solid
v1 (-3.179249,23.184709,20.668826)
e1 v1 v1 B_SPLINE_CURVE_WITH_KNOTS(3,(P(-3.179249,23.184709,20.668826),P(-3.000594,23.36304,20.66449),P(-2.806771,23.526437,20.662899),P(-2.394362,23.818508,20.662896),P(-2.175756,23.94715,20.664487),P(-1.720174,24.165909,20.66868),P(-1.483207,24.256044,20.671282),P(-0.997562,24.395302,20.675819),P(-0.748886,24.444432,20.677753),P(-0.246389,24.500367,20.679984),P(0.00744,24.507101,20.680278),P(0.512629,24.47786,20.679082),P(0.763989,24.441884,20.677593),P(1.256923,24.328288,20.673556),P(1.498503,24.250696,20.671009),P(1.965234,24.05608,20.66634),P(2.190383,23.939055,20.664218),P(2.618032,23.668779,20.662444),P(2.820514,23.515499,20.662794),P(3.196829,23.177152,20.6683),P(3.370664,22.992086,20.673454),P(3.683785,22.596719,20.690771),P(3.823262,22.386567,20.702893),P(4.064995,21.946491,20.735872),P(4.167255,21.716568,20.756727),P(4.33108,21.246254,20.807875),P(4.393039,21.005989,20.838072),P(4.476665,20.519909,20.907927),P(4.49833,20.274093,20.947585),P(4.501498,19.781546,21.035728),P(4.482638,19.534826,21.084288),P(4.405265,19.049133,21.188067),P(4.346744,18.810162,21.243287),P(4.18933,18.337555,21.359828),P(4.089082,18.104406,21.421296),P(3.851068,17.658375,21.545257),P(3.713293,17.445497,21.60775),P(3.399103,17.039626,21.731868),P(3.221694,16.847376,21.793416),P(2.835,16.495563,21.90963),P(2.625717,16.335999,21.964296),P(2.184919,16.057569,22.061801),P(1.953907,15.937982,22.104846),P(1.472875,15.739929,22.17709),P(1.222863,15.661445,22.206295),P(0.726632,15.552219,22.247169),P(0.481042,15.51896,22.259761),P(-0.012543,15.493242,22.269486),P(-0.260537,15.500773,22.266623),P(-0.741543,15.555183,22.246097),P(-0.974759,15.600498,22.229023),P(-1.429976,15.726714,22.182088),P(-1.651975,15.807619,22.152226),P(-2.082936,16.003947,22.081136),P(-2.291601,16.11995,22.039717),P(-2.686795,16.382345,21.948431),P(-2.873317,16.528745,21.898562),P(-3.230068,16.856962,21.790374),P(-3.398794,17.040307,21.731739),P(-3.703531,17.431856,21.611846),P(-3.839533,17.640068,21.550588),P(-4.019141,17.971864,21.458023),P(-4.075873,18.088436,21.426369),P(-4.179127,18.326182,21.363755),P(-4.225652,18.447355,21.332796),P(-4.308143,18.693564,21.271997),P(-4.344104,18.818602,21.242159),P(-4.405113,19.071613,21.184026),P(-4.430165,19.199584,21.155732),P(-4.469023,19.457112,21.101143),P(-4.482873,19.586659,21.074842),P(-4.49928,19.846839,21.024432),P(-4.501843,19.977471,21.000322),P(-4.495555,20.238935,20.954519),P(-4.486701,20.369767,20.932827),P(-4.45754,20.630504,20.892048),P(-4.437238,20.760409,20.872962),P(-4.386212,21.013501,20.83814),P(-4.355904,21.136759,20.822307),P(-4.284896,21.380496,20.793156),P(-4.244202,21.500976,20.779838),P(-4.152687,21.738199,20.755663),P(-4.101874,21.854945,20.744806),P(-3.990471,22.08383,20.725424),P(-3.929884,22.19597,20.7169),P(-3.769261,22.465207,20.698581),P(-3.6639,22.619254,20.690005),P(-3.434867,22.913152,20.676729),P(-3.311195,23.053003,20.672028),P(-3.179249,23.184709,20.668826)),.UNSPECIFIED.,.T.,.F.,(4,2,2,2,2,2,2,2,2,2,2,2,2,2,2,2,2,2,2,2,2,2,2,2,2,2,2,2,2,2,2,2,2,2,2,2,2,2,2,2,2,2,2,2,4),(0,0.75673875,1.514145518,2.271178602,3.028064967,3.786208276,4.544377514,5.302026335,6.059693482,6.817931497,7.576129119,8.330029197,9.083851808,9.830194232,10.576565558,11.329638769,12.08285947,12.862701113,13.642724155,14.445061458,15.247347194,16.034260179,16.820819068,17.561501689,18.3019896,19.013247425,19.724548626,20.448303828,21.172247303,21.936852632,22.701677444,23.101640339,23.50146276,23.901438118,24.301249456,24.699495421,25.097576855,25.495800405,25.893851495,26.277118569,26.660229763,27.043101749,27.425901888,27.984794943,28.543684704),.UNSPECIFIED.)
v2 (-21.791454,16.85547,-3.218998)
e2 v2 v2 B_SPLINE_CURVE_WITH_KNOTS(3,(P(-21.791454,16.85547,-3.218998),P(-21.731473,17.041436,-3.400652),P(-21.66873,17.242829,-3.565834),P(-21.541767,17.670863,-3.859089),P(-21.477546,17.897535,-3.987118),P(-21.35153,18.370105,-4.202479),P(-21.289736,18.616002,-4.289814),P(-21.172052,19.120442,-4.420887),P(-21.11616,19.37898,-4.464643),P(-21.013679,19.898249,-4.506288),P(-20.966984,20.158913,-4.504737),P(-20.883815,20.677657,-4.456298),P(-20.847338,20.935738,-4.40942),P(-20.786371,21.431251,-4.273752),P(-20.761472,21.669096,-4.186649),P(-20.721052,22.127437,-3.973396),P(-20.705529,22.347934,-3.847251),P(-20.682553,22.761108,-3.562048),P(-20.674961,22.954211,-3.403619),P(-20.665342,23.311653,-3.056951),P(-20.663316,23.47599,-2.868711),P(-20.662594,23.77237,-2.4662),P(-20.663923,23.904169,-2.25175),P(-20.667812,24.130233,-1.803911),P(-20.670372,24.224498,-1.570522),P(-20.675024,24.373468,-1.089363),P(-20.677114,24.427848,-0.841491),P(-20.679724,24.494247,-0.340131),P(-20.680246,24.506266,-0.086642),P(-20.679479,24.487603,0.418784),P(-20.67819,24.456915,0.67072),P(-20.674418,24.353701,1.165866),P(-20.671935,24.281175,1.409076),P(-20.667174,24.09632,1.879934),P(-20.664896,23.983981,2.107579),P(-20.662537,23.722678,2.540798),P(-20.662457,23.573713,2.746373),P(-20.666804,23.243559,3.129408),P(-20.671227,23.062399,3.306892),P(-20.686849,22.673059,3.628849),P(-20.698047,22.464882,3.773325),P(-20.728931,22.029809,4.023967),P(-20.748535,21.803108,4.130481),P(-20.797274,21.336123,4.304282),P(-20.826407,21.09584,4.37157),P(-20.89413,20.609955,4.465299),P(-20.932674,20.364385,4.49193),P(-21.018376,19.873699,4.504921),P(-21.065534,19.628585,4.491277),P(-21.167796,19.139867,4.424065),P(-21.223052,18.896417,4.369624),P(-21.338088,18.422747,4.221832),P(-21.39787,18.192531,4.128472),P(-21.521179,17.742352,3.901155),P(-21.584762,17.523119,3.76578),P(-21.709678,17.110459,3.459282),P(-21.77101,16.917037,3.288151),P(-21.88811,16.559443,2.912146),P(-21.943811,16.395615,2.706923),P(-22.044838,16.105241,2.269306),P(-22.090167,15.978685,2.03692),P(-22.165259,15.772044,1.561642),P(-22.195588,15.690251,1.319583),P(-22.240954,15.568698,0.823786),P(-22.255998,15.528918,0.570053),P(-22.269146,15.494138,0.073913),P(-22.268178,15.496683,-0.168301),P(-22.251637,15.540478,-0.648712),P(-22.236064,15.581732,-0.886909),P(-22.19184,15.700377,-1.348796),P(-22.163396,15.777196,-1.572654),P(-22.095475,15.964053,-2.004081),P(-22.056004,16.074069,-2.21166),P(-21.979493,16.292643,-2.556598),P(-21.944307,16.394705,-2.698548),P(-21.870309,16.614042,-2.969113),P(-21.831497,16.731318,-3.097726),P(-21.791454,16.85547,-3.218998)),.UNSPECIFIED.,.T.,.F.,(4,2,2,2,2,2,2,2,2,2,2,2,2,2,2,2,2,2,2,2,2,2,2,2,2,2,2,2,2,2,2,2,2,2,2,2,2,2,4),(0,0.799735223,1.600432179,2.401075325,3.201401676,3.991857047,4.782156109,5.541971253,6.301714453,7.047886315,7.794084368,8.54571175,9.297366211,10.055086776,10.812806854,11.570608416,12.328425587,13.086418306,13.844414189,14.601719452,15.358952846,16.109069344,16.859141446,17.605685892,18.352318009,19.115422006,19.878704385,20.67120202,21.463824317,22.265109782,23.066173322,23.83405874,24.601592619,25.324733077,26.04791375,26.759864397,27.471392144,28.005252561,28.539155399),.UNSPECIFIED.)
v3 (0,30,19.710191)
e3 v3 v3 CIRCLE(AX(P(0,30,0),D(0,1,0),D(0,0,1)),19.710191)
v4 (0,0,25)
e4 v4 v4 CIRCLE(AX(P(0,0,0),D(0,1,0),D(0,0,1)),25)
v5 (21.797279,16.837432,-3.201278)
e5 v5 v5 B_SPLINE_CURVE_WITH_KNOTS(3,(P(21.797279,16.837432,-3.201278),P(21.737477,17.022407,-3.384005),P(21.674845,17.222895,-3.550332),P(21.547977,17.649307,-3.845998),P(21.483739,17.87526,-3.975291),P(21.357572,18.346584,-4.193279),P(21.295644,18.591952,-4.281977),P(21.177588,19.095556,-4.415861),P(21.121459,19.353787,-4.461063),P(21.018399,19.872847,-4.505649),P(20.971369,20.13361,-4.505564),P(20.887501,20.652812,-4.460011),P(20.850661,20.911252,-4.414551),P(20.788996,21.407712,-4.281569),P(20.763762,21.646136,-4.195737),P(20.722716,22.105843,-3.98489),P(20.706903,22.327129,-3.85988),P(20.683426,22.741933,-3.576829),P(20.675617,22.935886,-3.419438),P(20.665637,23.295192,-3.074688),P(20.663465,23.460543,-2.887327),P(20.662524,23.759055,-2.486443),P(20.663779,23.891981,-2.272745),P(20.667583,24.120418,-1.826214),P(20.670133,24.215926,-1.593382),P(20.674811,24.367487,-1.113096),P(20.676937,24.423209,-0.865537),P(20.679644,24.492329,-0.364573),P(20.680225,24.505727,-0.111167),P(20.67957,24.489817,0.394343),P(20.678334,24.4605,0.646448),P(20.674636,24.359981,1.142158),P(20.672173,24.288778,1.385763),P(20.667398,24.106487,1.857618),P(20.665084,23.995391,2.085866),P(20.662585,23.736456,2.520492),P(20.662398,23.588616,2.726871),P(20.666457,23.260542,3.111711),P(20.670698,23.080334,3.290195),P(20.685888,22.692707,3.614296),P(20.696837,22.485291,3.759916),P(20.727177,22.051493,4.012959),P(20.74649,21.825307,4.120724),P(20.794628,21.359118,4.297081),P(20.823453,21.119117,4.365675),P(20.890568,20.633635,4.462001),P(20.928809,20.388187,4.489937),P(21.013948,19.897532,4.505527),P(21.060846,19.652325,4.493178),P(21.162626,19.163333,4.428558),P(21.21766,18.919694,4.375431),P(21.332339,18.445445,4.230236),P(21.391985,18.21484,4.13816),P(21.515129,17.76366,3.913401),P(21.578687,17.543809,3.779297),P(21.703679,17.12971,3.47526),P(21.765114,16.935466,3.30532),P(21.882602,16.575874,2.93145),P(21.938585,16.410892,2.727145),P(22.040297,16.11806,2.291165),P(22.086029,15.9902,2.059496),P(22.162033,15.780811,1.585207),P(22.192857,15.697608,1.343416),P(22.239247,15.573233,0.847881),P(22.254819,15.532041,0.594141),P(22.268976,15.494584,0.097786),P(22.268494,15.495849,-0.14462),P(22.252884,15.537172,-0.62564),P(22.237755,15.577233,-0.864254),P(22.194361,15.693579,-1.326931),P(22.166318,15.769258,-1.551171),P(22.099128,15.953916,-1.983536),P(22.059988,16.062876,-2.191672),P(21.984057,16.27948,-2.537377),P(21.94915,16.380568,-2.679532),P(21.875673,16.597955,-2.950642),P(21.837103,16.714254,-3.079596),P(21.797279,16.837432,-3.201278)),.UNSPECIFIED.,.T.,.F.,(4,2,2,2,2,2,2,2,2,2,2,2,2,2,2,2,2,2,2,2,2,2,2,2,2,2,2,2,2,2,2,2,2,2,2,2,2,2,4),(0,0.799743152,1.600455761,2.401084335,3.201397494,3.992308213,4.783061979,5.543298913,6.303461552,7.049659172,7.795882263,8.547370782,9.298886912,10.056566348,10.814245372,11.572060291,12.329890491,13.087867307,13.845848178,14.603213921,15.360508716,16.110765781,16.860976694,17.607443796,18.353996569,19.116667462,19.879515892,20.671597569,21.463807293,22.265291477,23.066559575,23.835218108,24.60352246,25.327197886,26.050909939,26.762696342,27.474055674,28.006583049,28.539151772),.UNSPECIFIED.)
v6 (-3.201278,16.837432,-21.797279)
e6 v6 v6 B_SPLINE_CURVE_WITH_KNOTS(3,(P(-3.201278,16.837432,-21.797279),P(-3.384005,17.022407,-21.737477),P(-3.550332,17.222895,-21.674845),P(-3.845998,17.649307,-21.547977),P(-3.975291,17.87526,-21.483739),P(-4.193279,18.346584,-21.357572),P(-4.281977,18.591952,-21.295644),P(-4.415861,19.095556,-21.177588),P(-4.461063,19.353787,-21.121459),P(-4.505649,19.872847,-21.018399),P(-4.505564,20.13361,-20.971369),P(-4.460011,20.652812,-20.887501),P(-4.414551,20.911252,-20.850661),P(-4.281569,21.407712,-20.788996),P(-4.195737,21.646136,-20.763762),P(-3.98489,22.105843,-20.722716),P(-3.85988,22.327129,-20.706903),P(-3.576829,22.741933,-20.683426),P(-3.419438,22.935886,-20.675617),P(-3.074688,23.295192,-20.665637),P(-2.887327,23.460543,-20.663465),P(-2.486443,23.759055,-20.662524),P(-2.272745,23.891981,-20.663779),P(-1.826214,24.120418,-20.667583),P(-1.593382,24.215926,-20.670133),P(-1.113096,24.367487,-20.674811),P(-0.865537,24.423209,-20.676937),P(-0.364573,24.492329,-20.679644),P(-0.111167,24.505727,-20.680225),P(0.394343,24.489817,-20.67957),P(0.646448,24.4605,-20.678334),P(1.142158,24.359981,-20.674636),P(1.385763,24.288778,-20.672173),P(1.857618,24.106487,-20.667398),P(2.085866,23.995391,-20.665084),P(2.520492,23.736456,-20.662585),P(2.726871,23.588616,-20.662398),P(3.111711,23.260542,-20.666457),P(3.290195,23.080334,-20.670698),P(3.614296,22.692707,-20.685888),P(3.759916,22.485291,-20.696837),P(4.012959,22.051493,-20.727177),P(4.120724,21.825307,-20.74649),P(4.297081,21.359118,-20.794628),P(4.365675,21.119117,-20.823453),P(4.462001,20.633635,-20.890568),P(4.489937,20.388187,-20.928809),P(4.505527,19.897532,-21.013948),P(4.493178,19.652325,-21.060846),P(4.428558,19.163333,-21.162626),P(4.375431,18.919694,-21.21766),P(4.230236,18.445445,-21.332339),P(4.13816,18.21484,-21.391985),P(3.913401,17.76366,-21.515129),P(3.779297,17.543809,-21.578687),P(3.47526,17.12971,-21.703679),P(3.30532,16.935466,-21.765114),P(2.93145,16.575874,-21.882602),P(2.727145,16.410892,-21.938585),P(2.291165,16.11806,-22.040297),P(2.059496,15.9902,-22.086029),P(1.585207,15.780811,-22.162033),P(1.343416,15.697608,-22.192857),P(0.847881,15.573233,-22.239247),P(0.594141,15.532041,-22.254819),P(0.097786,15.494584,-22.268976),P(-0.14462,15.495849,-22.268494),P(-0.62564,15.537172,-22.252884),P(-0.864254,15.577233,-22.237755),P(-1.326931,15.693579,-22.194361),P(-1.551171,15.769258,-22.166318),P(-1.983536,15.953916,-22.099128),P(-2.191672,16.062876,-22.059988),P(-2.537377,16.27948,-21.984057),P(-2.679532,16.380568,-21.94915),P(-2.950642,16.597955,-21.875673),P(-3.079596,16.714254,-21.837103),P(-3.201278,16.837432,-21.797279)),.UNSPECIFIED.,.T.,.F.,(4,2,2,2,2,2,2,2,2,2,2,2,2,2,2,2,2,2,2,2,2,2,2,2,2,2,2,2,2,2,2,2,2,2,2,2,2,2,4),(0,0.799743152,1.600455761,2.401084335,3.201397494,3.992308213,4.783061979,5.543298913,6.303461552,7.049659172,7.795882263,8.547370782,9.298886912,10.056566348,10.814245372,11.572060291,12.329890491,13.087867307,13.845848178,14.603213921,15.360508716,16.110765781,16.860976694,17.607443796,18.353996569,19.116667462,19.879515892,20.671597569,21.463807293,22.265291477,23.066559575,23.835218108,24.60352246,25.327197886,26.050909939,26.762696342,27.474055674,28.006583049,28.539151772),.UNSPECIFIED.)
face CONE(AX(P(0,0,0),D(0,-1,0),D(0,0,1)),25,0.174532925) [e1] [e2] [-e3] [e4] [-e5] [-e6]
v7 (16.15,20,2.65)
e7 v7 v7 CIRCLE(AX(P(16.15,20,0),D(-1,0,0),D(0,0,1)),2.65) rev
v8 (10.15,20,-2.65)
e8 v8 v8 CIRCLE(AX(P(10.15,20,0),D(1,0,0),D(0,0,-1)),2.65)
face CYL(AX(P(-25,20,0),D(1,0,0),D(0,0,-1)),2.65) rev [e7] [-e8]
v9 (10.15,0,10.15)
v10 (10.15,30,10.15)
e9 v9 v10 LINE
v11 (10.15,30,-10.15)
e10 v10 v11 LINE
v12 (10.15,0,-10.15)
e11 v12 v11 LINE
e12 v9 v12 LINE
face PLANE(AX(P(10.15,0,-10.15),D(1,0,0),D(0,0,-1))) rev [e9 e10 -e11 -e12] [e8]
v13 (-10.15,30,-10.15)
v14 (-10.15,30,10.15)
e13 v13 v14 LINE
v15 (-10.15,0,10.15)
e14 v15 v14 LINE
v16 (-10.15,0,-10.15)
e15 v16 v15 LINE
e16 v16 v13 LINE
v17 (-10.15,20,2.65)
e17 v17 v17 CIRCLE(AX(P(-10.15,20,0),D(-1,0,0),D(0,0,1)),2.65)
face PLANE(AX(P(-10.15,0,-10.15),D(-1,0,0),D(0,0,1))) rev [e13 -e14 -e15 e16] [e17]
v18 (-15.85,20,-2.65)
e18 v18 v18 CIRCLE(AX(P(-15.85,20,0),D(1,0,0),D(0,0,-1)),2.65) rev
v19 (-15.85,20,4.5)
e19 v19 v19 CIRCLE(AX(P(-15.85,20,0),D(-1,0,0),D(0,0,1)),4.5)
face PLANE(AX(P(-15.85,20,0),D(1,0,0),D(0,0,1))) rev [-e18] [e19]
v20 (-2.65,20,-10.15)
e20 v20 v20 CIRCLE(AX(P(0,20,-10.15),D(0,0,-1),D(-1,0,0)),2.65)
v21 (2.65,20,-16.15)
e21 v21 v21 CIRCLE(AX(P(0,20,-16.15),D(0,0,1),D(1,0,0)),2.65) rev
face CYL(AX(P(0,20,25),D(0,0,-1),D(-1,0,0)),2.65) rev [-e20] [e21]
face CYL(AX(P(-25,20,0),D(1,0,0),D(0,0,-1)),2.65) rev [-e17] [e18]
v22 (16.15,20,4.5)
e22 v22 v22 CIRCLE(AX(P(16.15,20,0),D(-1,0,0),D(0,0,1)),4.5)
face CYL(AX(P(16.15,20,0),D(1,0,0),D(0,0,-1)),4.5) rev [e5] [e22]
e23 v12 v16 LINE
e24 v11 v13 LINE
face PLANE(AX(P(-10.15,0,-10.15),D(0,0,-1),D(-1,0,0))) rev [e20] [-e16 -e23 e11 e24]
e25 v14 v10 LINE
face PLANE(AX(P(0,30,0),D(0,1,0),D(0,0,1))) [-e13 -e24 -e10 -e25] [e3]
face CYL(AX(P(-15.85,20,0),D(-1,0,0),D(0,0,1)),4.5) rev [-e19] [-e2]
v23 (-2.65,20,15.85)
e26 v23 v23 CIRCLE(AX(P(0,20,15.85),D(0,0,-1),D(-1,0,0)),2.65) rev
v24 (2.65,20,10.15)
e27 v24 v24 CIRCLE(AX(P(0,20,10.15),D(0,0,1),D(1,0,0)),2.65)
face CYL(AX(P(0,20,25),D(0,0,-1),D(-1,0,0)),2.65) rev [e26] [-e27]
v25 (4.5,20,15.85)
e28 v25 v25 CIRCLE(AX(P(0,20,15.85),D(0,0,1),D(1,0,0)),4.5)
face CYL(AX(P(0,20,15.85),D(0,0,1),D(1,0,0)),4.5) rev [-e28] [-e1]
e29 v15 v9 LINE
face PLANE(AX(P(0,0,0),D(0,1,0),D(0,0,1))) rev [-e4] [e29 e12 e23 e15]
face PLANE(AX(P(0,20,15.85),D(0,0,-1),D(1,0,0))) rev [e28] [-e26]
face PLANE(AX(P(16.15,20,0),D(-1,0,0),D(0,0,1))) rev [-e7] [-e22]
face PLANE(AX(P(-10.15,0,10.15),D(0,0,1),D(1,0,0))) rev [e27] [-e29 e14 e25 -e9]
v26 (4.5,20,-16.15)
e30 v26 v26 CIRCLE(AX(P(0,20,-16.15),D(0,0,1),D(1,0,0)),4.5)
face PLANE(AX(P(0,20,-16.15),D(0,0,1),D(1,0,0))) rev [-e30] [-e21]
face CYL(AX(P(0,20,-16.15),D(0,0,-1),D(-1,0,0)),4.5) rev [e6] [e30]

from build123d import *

# Parameters (mm, degrees)
SKETCH_1_R               = 25
EXTRUDE_1_DEPTH          = 30
EXTRUDE_1_TAPER          = 10
SKETCH_3_W               = 20.3
SKETCH_3_H               = 20.3
CUT_EXTRUDE_2_DEPTH      = 47.36809265
CUT_EXTRUDE_3_DEPTH      = 53.540674891
CUT_EXTRUDE_3_DEPTH_BACK = 53.540674891
SKETCH_4_R               = 2.65
CUT_EXTRUDE_4_DEPTH      = 53.540674891
CUT_EXTRUDE_4_DEPTH_BACK = 53.540674891
SKETCH_5_R               = 2.65
CUT_EXTRUDE_START        = -15
SKETCH_6_R               = 4.5
CUT_EXTRUDE_5_DEPTH      = 19
SKETCH_7_R               = 4.5
CUT_EXTRUDE_6_DEPTH      = 19


with BuildPart() as part:
    # 草图1 → 凸台-拉伸1 (new body)
    with BuildSketch(Plane(origin=(0, 0, 0), x_dir=(1, 0, 0), z_dir=(0, 1, 0))):
        Circle(SKETCH_1_R)
    extrude(amount=EXTRUDE_1_DEPTH, taper=EXTRUDE_1_TAPER)

    # 草图3 → 切除-拉伸2 (cut, through all)
    with BuildSketch(Plane(origin=(0, 30, 0), x_dir=(1, 0, 0), z_dir=(0, 1, 0))):
        Rectangle(SKETCH_3_W, SKETCH_3_H)
    extrude(amount=-CUT_EXTRUDE_2_DEPTH, mode=Mode.SUBTRACT)

    # 草图4 → 切除-拉伸3 (cut, two sides: drawn at the far end of the back side and taken through both)
    with BuildSketch(Plane(origin=(-10.15, 0, 0), x_dir=(0, 0, -1), z_dir=(1, 0, 0)).offset(-CUT_EXTRUDE_3_DEPTH_BACK)):
        with Locations(Location((0, 20, 0), (0, 0, 301.069984195))):
            Circle(SKETCH_4_R)
    extrude(amount=CUT_EXTRUDE_3_DEPTH + CUT_EXTRUDE_3_DEPTH_BACK, mode=Mode.SUBTRACT)

    # 草图5 → 切除-拉伸4 (cut, two sides: drawn at the far end of the back side and taken through both)
    with BuildSketch(Plane(origin=(0, 0, 10.15), x_dir=(-1, 0, 0), z_dir=(0, 0, -1)).offset(-CUT_EXTRUDE_4_DEPTH_BACK)):
        with Locations((0, 20)):
            Circle(SKETCH_5_R)
    extrude(amount=CUT_EXTRUDE_4_DEPTH + CUT_EXTRUDE_4_DEPTH_BACK, mode=Mode.SUBTRACT)

    # 草图6 → 切除-拉伸5 (cut)
    with BuildSketch(Plane.XY.offset(-20.15).offset(CUT_EXTRUDE_START)):
        with Locations(Location((0, 20, 0), (0, 0, 224.651479051))):
            Circle(SKETCH_6_R)
    cut_extrude_5 = extrude(amount=CUT_EXTRUDE_5_DEPTH, mode=Mode.SUBTRACT)

    # 草图7 → 切除-拉伸6 (cut)
    with BuildSketch(Plane.ZY.offset(-20.15).offset(CUT_EXTRUDE_START)):
        with Locations(Location((0, 20, 0), (0, 0, 224.651479051))):
            Circle(SKETCH_7_R)
    cut_extrude_6 = extrude(amount=CUT_EXTRUDE_6_DEPTH, mode=Mode.SUBTRACT)

    # 镜向1: 切除-拉伸6 across plane
    add(cut_extrude_6.mirror(Plane.ZY.offset(-0.15)), mode=Mode.SUBTRACT)

    # 镜向2: 切除-拉伸5 across plane
    add(cut_extrude_5.mirror(Plane.XY.offset(-0.15)), mode=Mode.SUBTRACT)


solid = part.part
